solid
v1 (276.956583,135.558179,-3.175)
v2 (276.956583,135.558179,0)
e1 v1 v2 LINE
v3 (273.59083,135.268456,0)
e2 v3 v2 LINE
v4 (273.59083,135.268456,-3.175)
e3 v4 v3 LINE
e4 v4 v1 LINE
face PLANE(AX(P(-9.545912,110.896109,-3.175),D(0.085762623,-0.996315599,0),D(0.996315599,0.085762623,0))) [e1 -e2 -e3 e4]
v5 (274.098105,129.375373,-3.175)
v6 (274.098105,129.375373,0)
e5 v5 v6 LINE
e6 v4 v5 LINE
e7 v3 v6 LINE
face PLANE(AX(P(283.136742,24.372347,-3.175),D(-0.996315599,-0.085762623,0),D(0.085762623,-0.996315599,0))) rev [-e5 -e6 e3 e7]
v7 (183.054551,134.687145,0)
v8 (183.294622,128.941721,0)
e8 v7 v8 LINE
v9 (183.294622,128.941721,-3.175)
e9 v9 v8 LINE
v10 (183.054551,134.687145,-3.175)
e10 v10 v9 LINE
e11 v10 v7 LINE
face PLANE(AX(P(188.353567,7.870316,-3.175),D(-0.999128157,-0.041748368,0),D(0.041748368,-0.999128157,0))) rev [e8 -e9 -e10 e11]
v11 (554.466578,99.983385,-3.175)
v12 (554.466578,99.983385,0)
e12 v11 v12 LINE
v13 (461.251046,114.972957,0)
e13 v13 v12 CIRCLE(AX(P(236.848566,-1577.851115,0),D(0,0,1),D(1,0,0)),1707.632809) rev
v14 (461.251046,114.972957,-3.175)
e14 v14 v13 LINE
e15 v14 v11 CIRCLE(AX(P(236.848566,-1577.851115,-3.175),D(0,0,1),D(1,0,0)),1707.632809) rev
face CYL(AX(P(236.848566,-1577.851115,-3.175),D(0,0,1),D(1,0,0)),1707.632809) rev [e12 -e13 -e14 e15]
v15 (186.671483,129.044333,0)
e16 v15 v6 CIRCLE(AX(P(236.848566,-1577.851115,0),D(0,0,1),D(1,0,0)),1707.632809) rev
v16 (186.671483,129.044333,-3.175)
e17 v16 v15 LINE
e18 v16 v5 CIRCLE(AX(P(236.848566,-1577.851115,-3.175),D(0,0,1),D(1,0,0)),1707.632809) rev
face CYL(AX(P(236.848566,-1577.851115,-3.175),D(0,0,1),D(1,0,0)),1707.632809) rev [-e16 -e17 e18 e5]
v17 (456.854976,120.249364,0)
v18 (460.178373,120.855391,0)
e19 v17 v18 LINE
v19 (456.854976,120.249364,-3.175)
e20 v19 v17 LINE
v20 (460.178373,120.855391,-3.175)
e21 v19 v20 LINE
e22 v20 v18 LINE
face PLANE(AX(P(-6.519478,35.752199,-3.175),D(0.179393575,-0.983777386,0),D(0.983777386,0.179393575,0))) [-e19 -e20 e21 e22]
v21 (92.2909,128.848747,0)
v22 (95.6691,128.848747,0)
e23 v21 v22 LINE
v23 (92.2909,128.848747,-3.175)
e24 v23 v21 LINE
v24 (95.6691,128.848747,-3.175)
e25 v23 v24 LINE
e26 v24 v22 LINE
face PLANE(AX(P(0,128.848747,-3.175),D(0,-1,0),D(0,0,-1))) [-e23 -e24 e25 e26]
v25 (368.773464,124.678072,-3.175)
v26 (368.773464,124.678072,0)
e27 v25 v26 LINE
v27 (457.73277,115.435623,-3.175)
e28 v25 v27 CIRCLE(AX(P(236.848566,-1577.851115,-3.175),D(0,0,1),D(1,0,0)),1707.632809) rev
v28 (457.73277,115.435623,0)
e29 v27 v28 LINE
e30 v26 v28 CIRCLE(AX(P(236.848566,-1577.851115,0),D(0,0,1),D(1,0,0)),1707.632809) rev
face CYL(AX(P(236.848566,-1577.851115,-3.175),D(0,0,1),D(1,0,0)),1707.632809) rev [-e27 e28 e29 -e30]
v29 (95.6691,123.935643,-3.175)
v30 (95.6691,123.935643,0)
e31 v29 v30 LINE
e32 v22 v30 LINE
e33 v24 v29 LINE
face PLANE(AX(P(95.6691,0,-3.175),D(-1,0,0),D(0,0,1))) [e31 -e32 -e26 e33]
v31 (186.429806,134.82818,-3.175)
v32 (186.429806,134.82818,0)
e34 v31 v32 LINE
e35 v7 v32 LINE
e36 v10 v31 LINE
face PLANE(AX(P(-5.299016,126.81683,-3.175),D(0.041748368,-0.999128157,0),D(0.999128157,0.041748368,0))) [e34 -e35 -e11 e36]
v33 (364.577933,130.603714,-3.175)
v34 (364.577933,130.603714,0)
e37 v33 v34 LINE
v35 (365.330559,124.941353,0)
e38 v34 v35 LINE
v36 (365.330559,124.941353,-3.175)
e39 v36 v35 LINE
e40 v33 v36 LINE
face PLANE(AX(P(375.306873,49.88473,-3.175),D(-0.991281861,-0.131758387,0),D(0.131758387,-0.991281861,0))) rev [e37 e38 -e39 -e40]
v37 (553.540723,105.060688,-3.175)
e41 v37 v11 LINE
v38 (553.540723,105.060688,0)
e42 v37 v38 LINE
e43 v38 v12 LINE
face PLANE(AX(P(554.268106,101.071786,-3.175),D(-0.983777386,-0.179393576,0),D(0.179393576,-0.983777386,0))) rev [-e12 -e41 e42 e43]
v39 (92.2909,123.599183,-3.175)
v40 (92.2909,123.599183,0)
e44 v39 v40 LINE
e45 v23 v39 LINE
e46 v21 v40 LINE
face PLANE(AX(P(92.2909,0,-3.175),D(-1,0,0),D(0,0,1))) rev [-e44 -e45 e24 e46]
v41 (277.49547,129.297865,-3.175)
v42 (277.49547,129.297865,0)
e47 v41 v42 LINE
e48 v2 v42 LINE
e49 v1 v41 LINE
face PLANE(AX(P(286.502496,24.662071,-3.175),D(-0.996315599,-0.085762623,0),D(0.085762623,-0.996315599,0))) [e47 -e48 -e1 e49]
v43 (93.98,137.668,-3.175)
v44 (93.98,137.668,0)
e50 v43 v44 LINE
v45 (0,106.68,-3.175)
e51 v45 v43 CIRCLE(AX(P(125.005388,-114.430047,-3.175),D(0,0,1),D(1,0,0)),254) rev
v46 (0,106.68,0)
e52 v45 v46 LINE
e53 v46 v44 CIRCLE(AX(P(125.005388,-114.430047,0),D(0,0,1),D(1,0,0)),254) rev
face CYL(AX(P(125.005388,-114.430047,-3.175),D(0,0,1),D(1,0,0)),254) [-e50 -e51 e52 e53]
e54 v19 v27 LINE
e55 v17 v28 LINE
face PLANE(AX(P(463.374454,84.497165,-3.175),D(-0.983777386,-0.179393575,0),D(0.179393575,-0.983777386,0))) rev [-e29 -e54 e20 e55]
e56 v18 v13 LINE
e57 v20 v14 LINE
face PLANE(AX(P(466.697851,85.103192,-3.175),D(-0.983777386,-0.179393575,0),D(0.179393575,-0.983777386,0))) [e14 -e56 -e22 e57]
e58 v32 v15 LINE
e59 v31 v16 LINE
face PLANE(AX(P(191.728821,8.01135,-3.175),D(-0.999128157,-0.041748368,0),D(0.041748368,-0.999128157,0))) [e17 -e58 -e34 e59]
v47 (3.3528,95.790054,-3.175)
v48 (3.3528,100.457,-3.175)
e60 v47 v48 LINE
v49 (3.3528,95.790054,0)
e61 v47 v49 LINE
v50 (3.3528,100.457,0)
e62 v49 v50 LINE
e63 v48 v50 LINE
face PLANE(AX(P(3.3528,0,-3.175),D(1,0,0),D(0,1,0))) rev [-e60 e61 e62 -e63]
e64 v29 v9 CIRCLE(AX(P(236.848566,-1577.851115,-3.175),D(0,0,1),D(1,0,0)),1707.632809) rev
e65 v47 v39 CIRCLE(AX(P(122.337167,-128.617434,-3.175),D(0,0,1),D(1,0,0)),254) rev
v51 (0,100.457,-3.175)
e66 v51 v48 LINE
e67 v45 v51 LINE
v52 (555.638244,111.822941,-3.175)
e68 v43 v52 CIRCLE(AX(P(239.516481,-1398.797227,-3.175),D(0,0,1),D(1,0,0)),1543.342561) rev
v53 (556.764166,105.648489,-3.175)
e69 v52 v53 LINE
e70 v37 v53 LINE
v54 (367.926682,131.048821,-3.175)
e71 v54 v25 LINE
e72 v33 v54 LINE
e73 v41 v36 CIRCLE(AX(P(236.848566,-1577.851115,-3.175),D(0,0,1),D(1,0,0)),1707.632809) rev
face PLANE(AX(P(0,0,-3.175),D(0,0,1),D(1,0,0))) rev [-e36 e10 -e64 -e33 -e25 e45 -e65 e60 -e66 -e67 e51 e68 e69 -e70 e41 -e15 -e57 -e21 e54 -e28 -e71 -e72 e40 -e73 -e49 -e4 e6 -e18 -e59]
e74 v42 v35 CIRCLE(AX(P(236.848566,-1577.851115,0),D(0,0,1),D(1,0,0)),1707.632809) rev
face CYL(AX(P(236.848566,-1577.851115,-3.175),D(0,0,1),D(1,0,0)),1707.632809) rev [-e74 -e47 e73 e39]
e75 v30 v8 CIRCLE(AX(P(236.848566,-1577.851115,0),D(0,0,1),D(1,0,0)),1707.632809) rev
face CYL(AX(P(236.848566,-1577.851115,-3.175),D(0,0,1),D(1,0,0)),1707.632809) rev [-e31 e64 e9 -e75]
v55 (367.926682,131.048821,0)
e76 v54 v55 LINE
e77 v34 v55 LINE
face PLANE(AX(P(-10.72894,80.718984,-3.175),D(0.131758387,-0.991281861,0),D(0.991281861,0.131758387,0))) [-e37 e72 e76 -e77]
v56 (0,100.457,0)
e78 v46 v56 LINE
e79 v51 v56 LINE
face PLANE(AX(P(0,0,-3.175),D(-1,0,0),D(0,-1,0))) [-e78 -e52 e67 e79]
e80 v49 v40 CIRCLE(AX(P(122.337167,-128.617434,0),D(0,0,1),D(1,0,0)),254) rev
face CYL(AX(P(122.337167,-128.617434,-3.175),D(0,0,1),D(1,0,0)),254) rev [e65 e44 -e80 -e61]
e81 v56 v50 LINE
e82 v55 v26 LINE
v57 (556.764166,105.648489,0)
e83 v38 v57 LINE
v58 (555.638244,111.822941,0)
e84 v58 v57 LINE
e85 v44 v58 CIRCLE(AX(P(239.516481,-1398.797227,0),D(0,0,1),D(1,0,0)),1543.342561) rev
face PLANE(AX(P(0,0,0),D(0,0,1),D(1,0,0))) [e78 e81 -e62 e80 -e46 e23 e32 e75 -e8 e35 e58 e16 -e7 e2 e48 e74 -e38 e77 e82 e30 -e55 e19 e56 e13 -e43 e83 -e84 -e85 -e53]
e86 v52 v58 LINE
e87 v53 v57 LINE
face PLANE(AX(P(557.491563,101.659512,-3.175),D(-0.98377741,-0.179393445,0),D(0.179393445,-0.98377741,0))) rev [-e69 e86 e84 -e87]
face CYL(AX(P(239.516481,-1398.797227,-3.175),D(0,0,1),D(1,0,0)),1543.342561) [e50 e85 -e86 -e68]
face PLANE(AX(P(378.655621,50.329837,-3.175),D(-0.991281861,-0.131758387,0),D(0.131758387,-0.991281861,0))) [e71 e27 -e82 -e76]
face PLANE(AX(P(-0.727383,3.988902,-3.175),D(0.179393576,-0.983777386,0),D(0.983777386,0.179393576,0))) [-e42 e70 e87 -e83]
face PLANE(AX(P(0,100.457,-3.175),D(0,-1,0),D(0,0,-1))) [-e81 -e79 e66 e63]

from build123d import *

# Parameters (mm, degrees)
BOSS_EXTRUDE1_DEPTH = 3.175
CUT_EXTRUDE1_DEPTH  = 577.346072705


with BuildPart() as part:
    # Sketch1 → Boss-Extrude1 (new body)
    with BuildSketch(Plane.XY):
        with BuildLine():
            Line((557.916984218, 99.326538403), (555.638244479, 111.822940833))
            ThreePointArc((555.638244479, 111.822940833), (325.782502236, 142.132503557), (93.98, 137.668))
            ThreePointArc((93.98, 137.668), (45.466310815, 126.795024577), (0, 106.68))
            Line((0, 106.68), (0, 93.98))
            ThreePointArc((0, 93.98), (45.52945751, 113.491169294), (93.98, 123.794671649))
            ThreePointArc((93.98, 123.794671649), (326.784483289, 127.411721364), (557.916984218, 99.326538403))
        make_face()
    extrude(amount=-BOSS_EXTRUDE1_DEPTH)

    # Sketch2 → Cut-Extrude1 (cut, through all)
    with BuildSketch(Plane.XY):
        with BuildLine():
            Line((553.540722528, 105.060688054), (554.466577904, 99.983384814))
            ThreePointArc((554.466577904, 99.983384814), (556.191949942, 99.655848737), (557.916984218, 99.326538403))
            Line((557.916984218, 99.326538403), (556.764166066, 105.64848878))
            Line((556.764166066, 105.64848878), (553.540722528, 105.060688054))
        make_face()
        with BuildLine():
            Line((456.854976279, 120.249363717), (457.732770479, 115.435623412))
            ThreePointArc((457.732770479, 115.435623412), (459.492028195, 115.205203914), (461.251045548, 114.972956616))
            Line((461.251045548, 114.972956616), (460.178373044, 120.855391093))
            Line((460.178373044, 120.855391093), (456.854976279, 120.249363717))
        make_face()
        with BuildLine():
            Line((364.577933431, 130.603714492), (365.330558588, 124.941352647))
            ThreePointArc((365.330558587, 124.941352647), (367.052077733, 124.810582409), (368.773463785, 124.678071721))
            Line((368.773463785, 124.678071721), (367.926681813, 131.048820676))
            Line((367.926681813, 131.048820676), (364.577933431, 130.603714492))
        make_face()
        with BuildLine():
            Line((273.590830142, 135.268456112), (274.098105393, 129.375373235))
            ThreePointArc((274.098105393, 129.375373235), (274.149189345, 129.374257883), (274.200273264, 129.373141002))
            Line((274.200273264, 129.373141002), (273.698590918, 135.20125036))
            Line((273.698590918, 135.20125036), (276.861892945, 135.473546675))
            Line((276.861892945, 135.473546675), (277.393285078, 129.300294826))
            ThreePointArc((277.393285078, 129.300294826), (277.44437754, 129.299080619), (277.495469966, 129.297864882))
            Line((277.495469966, 129.297864882), (276.956583497, 135.558179406))
            Line((276.956583497, 135.558179406), (273.590830142, 135.268456112))
        make_face()
        with BuildLine():
            Line((183.054551015, 134.687145422), (183.294622405, 128.941721131))
            ThreePointArc((183.294622405, 128.941721131), (184.983027134, 128.993862208), (186.671482616, 129.044333071))
            Line((186.671482616, 129.044333071), (186.429805755, 134.828179757))
            Line((186.429805755, 134.828179757), (183.054551015, 134.687145422))
        make_face()
        with BuildLine():
            Line((92.2909, 128.848746884), (92.2909, 123.599182896))
            ThreePointArc((92.2909, 123.599182896), (93.135286415, 123.698340713), (93.98, 123.794671649))
            ThreePointArc((93.98, 123.794671649), (94.824532509, 123.865366756), (95.6691, 123.93564272))
            Line((95.6691, 123.93564272), (95.6691, 128.848746884))
            Line((95.6691, 128.848746884), (92.2909, 128.848746884))
        make_face()
        with BuildLine():
            Line((0, 100.457), (0, 93.98))
            ThreePointArc((0, 93.98), (1.673005931, 94.891313671), (3.3528, 95.790053532))
            Line((3.3528, 95.790053532), (3.3528, 100.457))
            Line((3.3528, 100.457), (0, 100.457))
        make_face()
    extrude(amount=-CUT_EXTRUDE1_DEPTH, mode=Mode.SUBTRACT)


with BuildPart() as cut_extrude1_kept_piece:
    # of the separate pieces the step leaves, the one the design keeps (cut_extrude1_pieces_kept)
    add(part.part.solids().sort_by_distance((556.764166066, 105.64848878, 0))[0])


solid = cut_extrude1_kept_piece.part
